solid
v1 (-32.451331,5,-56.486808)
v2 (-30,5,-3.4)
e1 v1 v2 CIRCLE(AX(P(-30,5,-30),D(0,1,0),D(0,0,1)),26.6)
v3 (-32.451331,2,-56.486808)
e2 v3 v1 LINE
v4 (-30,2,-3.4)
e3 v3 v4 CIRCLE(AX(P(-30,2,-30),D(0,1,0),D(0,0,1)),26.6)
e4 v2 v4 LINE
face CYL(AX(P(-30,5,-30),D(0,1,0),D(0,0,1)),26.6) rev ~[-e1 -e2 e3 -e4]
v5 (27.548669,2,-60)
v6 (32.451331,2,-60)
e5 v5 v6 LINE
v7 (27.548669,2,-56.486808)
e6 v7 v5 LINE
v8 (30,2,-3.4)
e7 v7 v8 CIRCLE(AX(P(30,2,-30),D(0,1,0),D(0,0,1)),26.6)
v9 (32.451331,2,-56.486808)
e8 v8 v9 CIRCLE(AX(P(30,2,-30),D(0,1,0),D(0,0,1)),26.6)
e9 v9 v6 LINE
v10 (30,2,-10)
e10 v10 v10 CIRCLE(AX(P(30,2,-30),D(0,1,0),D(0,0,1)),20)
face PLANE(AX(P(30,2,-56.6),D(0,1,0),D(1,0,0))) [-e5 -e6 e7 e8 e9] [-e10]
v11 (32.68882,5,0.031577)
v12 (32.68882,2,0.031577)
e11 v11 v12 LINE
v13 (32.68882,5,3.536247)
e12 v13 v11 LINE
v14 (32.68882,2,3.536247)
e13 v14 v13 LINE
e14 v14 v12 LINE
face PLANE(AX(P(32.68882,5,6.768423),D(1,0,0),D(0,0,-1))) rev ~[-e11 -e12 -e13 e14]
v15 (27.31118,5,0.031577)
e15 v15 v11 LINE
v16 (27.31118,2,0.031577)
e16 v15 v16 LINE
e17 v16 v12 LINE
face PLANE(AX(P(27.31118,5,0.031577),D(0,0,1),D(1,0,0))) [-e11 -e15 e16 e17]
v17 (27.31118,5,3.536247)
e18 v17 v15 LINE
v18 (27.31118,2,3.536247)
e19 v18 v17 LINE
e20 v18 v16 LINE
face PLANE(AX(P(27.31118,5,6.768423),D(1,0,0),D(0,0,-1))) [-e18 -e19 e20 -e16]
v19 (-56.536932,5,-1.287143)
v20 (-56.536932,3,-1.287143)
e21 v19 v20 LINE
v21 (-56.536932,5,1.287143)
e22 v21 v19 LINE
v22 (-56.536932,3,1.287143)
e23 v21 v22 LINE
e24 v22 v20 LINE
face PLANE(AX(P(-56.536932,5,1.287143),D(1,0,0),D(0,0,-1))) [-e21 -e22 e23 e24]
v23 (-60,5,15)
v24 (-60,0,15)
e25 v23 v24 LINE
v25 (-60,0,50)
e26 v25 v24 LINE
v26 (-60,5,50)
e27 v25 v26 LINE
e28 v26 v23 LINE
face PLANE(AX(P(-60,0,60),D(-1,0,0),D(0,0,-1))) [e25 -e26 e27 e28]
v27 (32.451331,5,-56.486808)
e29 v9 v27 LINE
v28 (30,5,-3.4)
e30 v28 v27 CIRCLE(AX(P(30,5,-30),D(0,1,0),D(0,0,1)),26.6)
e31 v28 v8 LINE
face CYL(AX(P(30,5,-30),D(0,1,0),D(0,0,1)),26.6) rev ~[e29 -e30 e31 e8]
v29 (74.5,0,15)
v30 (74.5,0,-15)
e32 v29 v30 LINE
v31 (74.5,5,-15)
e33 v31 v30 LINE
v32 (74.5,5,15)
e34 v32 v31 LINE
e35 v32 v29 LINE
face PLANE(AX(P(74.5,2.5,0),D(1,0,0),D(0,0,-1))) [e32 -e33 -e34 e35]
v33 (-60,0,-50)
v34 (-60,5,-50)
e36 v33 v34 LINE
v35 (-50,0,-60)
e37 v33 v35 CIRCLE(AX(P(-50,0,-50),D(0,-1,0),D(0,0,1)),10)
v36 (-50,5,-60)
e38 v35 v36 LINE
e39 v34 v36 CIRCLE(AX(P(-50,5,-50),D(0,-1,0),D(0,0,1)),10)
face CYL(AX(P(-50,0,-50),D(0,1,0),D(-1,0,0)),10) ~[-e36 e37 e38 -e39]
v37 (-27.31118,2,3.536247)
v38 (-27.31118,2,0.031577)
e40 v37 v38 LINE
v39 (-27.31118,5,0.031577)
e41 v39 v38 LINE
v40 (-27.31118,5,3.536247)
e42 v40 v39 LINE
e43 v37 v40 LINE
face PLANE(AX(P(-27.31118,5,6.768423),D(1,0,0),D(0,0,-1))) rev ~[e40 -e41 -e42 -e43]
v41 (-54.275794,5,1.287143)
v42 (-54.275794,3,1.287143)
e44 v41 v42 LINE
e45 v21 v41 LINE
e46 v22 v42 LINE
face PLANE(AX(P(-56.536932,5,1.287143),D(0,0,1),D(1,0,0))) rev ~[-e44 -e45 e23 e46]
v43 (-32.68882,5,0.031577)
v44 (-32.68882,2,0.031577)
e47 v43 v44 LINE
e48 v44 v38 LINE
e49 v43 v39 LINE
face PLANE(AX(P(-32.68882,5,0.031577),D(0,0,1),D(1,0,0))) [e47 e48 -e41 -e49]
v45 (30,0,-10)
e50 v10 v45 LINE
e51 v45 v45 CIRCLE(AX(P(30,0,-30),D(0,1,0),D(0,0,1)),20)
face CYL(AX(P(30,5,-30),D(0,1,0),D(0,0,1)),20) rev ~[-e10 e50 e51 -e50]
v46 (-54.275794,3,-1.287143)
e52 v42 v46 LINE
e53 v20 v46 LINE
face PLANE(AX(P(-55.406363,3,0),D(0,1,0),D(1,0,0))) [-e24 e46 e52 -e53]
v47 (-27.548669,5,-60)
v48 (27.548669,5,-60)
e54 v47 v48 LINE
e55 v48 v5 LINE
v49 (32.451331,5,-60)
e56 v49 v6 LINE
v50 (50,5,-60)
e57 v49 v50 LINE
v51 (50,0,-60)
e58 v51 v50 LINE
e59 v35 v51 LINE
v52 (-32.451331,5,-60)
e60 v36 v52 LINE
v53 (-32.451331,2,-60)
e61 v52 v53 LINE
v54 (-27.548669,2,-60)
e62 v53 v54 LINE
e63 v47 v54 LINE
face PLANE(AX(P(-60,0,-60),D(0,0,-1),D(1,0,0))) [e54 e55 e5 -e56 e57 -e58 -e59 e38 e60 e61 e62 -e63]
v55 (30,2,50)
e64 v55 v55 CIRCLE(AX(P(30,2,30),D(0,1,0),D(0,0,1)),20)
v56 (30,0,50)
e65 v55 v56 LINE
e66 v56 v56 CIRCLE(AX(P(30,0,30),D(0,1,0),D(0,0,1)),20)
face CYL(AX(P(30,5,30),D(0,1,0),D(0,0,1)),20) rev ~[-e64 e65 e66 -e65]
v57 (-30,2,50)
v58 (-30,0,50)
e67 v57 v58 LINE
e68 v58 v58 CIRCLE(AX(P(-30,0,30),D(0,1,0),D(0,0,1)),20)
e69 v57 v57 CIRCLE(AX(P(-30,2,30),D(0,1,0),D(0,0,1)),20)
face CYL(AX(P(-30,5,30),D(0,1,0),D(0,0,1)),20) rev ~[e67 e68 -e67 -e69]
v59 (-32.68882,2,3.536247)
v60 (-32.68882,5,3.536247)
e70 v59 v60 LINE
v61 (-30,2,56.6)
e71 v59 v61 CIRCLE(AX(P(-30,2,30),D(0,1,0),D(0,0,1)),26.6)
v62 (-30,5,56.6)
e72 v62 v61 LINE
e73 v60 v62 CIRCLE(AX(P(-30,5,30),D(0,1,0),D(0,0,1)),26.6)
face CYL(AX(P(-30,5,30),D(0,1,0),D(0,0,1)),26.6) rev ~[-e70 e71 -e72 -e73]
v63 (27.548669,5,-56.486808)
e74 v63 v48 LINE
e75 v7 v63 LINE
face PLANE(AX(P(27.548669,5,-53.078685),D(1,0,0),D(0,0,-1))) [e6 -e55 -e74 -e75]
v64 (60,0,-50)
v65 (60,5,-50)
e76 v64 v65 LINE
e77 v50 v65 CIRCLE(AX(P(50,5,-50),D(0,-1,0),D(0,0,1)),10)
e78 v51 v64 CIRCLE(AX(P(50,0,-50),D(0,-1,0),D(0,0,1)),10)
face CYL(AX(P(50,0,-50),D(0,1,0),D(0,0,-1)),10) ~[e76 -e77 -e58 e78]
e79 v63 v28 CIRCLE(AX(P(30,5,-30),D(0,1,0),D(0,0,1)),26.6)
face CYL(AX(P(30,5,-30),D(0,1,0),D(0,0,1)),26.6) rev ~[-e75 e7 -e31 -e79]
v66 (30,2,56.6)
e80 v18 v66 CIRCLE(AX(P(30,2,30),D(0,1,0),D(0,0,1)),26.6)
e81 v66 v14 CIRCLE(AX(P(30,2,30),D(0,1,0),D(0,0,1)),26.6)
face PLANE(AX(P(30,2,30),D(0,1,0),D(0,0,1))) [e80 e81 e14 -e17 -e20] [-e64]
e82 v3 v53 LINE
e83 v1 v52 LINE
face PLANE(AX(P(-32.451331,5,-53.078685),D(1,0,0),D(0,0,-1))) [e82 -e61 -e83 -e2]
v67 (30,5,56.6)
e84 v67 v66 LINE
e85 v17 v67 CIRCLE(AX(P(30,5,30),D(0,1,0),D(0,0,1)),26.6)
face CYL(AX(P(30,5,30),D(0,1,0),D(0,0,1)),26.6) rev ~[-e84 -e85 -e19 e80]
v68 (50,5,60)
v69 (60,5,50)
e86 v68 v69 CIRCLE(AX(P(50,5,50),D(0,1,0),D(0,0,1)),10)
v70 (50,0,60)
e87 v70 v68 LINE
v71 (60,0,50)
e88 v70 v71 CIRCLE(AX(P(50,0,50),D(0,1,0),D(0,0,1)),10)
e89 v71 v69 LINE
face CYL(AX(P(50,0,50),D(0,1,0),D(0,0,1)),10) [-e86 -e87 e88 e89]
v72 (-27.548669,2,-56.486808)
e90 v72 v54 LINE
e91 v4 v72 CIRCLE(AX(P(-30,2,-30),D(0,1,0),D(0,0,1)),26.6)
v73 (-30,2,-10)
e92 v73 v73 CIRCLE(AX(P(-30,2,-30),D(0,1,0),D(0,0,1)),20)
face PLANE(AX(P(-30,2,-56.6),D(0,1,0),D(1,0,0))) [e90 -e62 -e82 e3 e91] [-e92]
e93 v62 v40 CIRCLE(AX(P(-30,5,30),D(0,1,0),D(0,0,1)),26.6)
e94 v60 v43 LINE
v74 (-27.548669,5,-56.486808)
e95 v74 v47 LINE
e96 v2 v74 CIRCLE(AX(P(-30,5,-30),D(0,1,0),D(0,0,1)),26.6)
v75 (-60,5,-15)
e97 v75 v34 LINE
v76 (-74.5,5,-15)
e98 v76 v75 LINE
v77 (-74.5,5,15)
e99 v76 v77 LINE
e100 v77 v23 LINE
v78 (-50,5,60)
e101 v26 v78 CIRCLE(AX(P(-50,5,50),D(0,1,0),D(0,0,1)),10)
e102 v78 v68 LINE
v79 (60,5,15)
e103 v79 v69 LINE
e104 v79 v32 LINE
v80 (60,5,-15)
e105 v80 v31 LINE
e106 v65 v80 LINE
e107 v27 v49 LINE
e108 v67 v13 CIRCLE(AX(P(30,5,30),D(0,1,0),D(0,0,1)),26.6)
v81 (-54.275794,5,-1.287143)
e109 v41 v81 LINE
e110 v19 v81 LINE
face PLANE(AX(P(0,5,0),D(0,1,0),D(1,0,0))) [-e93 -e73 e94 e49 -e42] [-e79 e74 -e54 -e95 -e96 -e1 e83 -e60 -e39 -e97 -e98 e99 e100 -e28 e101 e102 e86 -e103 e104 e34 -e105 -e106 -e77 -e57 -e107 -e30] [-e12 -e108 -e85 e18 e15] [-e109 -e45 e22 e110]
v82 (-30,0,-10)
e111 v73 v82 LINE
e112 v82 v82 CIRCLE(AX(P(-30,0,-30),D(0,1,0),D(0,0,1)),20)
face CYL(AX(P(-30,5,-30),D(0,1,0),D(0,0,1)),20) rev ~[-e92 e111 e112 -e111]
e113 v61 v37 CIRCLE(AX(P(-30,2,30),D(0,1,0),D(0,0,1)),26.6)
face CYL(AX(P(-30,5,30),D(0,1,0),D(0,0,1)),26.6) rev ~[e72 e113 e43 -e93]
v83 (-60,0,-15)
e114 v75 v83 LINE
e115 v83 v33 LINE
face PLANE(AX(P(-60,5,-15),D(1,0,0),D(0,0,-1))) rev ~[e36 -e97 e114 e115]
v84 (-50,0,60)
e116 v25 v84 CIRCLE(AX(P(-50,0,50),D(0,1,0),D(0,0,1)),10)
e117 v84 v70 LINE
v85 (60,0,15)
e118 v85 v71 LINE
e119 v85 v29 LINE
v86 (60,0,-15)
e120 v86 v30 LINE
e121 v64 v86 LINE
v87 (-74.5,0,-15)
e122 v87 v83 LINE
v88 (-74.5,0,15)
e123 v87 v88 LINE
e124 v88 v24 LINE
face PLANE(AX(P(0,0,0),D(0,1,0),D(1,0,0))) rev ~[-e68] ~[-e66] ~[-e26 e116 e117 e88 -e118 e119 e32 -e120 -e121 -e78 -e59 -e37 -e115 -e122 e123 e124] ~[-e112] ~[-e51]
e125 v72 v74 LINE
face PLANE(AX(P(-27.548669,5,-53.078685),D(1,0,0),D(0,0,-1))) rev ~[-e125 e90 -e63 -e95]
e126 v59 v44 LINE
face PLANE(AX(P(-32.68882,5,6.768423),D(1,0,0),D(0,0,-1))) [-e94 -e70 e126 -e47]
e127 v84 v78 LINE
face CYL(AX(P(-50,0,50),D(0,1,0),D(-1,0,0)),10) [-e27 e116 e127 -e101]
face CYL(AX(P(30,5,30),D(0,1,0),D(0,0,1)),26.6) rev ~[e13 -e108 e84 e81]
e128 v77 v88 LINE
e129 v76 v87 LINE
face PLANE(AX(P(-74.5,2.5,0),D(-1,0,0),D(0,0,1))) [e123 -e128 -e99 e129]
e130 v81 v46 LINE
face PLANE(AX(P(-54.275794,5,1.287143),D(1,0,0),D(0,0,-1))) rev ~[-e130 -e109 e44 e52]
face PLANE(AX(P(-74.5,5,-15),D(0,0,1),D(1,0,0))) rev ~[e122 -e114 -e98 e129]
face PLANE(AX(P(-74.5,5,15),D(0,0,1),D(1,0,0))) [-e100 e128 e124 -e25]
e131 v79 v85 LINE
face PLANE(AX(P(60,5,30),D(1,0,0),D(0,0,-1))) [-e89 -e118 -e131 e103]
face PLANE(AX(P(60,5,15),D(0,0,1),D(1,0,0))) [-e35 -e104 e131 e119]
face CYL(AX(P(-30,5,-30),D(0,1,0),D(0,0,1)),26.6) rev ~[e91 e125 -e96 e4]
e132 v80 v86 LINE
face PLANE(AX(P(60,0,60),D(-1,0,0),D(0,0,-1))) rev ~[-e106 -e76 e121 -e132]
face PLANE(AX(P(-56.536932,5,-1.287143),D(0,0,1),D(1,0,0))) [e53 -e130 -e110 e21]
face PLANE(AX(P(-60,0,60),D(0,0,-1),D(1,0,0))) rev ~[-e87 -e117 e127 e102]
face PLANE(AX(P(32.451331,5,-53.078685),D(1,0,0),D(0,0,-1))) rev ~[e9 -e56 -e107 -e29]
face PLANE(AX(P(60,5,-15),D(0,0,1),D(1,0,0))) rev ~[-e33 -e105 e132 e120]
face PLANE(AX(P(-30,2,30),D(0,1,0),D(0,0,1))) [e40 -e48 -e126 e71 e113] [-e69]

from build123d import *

# Parameters (mm, degrees)
SKETCH1_W           = 120
SKETCH1_H           = 120
BOSS_EXTRUDE1_DEPTH = 5
SKETCH2_R           = 20
CUT_EXTRUDE4_DEPTH  = 5
SKETCH3_R           = 26.6
SKETCH3_R_2         = 20
CUT_EXTRUDE5_DEPTH  = 3
SKETCH4_W           = 60
SKETCH4_H           = 5
BOSS_EXTRUDE2_DEPTH = 14.5
SKETCH5_W           = 60
SKETCH5_H           = 5
BOSS_EXTRUDE3_DEPTH = 14.5
FILLET3_R           = 10
FILLET4_R           = 10
FILLET5_R           = 10
FILLET6_R           = 10
SKETCH10_W          = 2.261137553
SKETCH10_H          = 2.574285836
CUT_EXTRUDE7_DEPTH  = 2
SKETCH12_W          = 5.377639696
SKETCH12_H          = 6.736845814
CUT_EXTRUDE10_DEPTH = 3
SKETCH14_W          = 4.90266265
SKETCH14_H          = 7.042630192
CUT_EXTRUDE11_DEPTH = 3
SKETCH15_W          = 14.5
SKETCH15_H          = 15
CUT_EXTRUDE12_DEPTH = 10


with BuildPart() as part:
    # Sketch1 → Boss-Extrude1 (new body)
    with BuildSketch(Plane(origin=(0, 0, 0), x_dir=(1, 0, 0), z_dir=(0, 1, 0))):
        Rectangle(SKETCH1_W, SKETCH1_H)
    extrude(amount=BOSS_EXTRUDE1_DEPTH)

    # Sketch2 → Cut-Extrude4 (cut)
    with BuildSketch(Plane(origin=(0, 5, 0), x_dir=(1, 0, 0), z_dir=(0, 1, 0))):
        with Locations(Location((30, 30, 0), (0, 0, 270))):
            Circle(SKETCH2_R)
        with Locations(Location((-30, -30, 0), (0, 0, 270))):
            Circle(SKETCH2_R)
        with Locations(Location((30, -30, 0), (0, 0, 270))):
            Circle(SKETCH2_R)
        with Locations(Location((-30, 30, 0), (0, 0, 270))):
            Circle(SKETCH2_R)
    extrude(amount=-CUT_EXTRUDE4_DEPTH, mode=Mode.SUBTRACT)

    # Sketch3 → Cut-Extrude5 (cut)
    # profile 1 of 4: a face of its own
    with BuildSketch(Plane(origin=(0, 5, 0), x_dir=(1, 0, 0), z_dir=(0, 1, 0))):
        with Locations(Location((30, 30, 0), (0, 0, 270))):
            Circle(SKETCH3_R)
        with Locations(Location((30, 30, 0), (0, 0, 270))):
            Circle(SKETCH3_R_2, mode=Mode.SUBTRACT)
    # profile 2 of 4: a face of its own
    with BuildSketch(Plane(origin=(0, 5, 0), x_dir=(1, 0, 0), z_dir=(0, 1, 0))):
        with Locations(Location((-30, -30, 0), (0, 0, 270))):
            Circle(SKETCH3_R)
        with Locations(Location((-30, -30, 0), (0, 0, 270))):
            Circle(SKETCH3_R_2, mode=Mode.SUBTRACT)
    # profile 3 of 4: a face of its own
    with BuildSketch(Plane(origin=(0, 5, 0), x_dir=(1, 0, 0), z_dir=(0, 1, 0))):
        with Locations(Location((30, -30, 0), (0, 0, 270))):
            Circle(SKETCH3_R)
        with Locations(Location((30, -30, 0), (0, 0, 270))):
            Circle(SKETCH3_R_2, mode=Mode.SUBTRACT)
    # profile 4 of 4: a face of its own
    with BuildSketch(Plane(origin=(0, 5, 0), x_dir=(1, 0, 0), z_dir=(0, 1, 0))):
        with Locations(Location((-30, 30, 0), (0, 0, 270))):
            Circle(SKETCH3_R)
    extrude(amount=-CUT_EXTRUDE5_DEPTH, mode=Mode.SUBTRACT)

    # Sketch4 → Boss-Extrude2 (add)
    with BuildSketch(Plane(origin=(60, 0, 0), x_dir=(0, 0, -1), z_dir=(1, 0, 0))):
        with Locations((0, 2.5)):
            Rectangle(SKETCH4_W, SKETCH4_H)
    extrude(amount=BOSS_EXTRUDE2_DEPTH)

    # Sketch5 → Boss-Extrude3 (add)
    with BuildSketch(Plane.ZY.offset(60)):
        with Locations((0, 2.5)):
            Rectangle(SKETCH5_W, SKETCH5_H)
    extrude(amount=BOSS_EXTRUDE3_DEPTH)

    # Fillet3
    fillet3_edges = [part.edges().sort_by_distance(p)[0] for p in [
        (-60, 2.5, 60),
    ]]
    fillet(fillet3_edges, radius=FILLET3_R)

    # Fillet4
    fillet4_edges = [part.edges().sort_by_distance(p)[0] for p in [
        (60, 2.5, 60),
    ]]
    fillet(fillet4_edges, radius=FILLET4_R)

    # Fillet5
    fillet5_edges = [part.edges().sort_by_distance(p)[0] for p in [
        (-60, 2.5, -60),
    ]]
    fillet(fillet5_edges, radius=FILLET5_R)

    # Fillet6
    fillet6_edges = [part.edges().sort_by_distance(p)[0] for p in [
        (60, 2.5, -60),
    ]]
    fillet(fillet6_edges, radius=FILLET6_R)

    # Sketch10 → Cut-Extrude7 (cut)
    with BuildSketch(Plane(origin=(0, 5, 0), x_dir=(1, 0, 0), z_dir=(0, 1, 0))):
        with Locations((-55.406362831, 0)):
            Rectangle(SKETCH10_W, SKETCH10_H)
    extrude(amount=-CUT_EXTRUDE7_DEPTH, mode=Mode.SUBTRACT)

    # Sketch12 → Cut-Extrude10 (cut)
    with BuildSketch(Plane(origin=(0, 5, 0), x_dir=(1, 0, 0), z_dir=(0, 1, 0))):
        with Locations((-30, -3.4)):
            Rectangle(SKETCH12_W, SKETCH12_H)
        with Locations((30, -3.4)):
            Rectangle(SKETCH12_W, SKETCH12_H)
    extrude(amount=-CUT_EXTRUDE10_DEPTH, mode=Mode.SUBTRACT)

    # Sketch14 → Cut-Extrude11 (cut)
    with BuildSketch(Plane(origin=(0, 5, 0), x_dir=(1, 0, 0), z_dir=(0, 1, 0))):
        with Locations((-30, 56.6)):
            Rectangle(SKETCH14_W, SKETCH14_H)
        with Locations((30, 56.6)):
            Rectangle(SKETCH14_W, SKETCH14_H)
    extrude(amount=-CUT_EXTRUDE11_DEPTH, mode=Mode.SUBTRACT)

    # Sketch15 → Cut-Extrude12 (cut)
    with BuildSketch(Plane(origin=(0, 5, 0), x_dir=(1, 0, 0), z_dir=(0, 1, 0))):
        with Locations((-67.25, 22.5)):
            Rectangle(SKETCH15_W, SKETCH15_H)
        with Locations((67.25, 22.5)):
            Rectangle(SKETCH15_W, SKETCH15_H)
        with Locations((67.25, -22.5)):
            Rectangle(SKETCH15_W, SKETCH15_H)
        with Locations((-67.25, -22.5)):
            Rectangle(SKETCH15_W, SKETCH15_H)
    extrude(amount=-CUT_EXTRUDE12_DEPTH, mode=Mode.SUBTRACT)


solid = part.part
